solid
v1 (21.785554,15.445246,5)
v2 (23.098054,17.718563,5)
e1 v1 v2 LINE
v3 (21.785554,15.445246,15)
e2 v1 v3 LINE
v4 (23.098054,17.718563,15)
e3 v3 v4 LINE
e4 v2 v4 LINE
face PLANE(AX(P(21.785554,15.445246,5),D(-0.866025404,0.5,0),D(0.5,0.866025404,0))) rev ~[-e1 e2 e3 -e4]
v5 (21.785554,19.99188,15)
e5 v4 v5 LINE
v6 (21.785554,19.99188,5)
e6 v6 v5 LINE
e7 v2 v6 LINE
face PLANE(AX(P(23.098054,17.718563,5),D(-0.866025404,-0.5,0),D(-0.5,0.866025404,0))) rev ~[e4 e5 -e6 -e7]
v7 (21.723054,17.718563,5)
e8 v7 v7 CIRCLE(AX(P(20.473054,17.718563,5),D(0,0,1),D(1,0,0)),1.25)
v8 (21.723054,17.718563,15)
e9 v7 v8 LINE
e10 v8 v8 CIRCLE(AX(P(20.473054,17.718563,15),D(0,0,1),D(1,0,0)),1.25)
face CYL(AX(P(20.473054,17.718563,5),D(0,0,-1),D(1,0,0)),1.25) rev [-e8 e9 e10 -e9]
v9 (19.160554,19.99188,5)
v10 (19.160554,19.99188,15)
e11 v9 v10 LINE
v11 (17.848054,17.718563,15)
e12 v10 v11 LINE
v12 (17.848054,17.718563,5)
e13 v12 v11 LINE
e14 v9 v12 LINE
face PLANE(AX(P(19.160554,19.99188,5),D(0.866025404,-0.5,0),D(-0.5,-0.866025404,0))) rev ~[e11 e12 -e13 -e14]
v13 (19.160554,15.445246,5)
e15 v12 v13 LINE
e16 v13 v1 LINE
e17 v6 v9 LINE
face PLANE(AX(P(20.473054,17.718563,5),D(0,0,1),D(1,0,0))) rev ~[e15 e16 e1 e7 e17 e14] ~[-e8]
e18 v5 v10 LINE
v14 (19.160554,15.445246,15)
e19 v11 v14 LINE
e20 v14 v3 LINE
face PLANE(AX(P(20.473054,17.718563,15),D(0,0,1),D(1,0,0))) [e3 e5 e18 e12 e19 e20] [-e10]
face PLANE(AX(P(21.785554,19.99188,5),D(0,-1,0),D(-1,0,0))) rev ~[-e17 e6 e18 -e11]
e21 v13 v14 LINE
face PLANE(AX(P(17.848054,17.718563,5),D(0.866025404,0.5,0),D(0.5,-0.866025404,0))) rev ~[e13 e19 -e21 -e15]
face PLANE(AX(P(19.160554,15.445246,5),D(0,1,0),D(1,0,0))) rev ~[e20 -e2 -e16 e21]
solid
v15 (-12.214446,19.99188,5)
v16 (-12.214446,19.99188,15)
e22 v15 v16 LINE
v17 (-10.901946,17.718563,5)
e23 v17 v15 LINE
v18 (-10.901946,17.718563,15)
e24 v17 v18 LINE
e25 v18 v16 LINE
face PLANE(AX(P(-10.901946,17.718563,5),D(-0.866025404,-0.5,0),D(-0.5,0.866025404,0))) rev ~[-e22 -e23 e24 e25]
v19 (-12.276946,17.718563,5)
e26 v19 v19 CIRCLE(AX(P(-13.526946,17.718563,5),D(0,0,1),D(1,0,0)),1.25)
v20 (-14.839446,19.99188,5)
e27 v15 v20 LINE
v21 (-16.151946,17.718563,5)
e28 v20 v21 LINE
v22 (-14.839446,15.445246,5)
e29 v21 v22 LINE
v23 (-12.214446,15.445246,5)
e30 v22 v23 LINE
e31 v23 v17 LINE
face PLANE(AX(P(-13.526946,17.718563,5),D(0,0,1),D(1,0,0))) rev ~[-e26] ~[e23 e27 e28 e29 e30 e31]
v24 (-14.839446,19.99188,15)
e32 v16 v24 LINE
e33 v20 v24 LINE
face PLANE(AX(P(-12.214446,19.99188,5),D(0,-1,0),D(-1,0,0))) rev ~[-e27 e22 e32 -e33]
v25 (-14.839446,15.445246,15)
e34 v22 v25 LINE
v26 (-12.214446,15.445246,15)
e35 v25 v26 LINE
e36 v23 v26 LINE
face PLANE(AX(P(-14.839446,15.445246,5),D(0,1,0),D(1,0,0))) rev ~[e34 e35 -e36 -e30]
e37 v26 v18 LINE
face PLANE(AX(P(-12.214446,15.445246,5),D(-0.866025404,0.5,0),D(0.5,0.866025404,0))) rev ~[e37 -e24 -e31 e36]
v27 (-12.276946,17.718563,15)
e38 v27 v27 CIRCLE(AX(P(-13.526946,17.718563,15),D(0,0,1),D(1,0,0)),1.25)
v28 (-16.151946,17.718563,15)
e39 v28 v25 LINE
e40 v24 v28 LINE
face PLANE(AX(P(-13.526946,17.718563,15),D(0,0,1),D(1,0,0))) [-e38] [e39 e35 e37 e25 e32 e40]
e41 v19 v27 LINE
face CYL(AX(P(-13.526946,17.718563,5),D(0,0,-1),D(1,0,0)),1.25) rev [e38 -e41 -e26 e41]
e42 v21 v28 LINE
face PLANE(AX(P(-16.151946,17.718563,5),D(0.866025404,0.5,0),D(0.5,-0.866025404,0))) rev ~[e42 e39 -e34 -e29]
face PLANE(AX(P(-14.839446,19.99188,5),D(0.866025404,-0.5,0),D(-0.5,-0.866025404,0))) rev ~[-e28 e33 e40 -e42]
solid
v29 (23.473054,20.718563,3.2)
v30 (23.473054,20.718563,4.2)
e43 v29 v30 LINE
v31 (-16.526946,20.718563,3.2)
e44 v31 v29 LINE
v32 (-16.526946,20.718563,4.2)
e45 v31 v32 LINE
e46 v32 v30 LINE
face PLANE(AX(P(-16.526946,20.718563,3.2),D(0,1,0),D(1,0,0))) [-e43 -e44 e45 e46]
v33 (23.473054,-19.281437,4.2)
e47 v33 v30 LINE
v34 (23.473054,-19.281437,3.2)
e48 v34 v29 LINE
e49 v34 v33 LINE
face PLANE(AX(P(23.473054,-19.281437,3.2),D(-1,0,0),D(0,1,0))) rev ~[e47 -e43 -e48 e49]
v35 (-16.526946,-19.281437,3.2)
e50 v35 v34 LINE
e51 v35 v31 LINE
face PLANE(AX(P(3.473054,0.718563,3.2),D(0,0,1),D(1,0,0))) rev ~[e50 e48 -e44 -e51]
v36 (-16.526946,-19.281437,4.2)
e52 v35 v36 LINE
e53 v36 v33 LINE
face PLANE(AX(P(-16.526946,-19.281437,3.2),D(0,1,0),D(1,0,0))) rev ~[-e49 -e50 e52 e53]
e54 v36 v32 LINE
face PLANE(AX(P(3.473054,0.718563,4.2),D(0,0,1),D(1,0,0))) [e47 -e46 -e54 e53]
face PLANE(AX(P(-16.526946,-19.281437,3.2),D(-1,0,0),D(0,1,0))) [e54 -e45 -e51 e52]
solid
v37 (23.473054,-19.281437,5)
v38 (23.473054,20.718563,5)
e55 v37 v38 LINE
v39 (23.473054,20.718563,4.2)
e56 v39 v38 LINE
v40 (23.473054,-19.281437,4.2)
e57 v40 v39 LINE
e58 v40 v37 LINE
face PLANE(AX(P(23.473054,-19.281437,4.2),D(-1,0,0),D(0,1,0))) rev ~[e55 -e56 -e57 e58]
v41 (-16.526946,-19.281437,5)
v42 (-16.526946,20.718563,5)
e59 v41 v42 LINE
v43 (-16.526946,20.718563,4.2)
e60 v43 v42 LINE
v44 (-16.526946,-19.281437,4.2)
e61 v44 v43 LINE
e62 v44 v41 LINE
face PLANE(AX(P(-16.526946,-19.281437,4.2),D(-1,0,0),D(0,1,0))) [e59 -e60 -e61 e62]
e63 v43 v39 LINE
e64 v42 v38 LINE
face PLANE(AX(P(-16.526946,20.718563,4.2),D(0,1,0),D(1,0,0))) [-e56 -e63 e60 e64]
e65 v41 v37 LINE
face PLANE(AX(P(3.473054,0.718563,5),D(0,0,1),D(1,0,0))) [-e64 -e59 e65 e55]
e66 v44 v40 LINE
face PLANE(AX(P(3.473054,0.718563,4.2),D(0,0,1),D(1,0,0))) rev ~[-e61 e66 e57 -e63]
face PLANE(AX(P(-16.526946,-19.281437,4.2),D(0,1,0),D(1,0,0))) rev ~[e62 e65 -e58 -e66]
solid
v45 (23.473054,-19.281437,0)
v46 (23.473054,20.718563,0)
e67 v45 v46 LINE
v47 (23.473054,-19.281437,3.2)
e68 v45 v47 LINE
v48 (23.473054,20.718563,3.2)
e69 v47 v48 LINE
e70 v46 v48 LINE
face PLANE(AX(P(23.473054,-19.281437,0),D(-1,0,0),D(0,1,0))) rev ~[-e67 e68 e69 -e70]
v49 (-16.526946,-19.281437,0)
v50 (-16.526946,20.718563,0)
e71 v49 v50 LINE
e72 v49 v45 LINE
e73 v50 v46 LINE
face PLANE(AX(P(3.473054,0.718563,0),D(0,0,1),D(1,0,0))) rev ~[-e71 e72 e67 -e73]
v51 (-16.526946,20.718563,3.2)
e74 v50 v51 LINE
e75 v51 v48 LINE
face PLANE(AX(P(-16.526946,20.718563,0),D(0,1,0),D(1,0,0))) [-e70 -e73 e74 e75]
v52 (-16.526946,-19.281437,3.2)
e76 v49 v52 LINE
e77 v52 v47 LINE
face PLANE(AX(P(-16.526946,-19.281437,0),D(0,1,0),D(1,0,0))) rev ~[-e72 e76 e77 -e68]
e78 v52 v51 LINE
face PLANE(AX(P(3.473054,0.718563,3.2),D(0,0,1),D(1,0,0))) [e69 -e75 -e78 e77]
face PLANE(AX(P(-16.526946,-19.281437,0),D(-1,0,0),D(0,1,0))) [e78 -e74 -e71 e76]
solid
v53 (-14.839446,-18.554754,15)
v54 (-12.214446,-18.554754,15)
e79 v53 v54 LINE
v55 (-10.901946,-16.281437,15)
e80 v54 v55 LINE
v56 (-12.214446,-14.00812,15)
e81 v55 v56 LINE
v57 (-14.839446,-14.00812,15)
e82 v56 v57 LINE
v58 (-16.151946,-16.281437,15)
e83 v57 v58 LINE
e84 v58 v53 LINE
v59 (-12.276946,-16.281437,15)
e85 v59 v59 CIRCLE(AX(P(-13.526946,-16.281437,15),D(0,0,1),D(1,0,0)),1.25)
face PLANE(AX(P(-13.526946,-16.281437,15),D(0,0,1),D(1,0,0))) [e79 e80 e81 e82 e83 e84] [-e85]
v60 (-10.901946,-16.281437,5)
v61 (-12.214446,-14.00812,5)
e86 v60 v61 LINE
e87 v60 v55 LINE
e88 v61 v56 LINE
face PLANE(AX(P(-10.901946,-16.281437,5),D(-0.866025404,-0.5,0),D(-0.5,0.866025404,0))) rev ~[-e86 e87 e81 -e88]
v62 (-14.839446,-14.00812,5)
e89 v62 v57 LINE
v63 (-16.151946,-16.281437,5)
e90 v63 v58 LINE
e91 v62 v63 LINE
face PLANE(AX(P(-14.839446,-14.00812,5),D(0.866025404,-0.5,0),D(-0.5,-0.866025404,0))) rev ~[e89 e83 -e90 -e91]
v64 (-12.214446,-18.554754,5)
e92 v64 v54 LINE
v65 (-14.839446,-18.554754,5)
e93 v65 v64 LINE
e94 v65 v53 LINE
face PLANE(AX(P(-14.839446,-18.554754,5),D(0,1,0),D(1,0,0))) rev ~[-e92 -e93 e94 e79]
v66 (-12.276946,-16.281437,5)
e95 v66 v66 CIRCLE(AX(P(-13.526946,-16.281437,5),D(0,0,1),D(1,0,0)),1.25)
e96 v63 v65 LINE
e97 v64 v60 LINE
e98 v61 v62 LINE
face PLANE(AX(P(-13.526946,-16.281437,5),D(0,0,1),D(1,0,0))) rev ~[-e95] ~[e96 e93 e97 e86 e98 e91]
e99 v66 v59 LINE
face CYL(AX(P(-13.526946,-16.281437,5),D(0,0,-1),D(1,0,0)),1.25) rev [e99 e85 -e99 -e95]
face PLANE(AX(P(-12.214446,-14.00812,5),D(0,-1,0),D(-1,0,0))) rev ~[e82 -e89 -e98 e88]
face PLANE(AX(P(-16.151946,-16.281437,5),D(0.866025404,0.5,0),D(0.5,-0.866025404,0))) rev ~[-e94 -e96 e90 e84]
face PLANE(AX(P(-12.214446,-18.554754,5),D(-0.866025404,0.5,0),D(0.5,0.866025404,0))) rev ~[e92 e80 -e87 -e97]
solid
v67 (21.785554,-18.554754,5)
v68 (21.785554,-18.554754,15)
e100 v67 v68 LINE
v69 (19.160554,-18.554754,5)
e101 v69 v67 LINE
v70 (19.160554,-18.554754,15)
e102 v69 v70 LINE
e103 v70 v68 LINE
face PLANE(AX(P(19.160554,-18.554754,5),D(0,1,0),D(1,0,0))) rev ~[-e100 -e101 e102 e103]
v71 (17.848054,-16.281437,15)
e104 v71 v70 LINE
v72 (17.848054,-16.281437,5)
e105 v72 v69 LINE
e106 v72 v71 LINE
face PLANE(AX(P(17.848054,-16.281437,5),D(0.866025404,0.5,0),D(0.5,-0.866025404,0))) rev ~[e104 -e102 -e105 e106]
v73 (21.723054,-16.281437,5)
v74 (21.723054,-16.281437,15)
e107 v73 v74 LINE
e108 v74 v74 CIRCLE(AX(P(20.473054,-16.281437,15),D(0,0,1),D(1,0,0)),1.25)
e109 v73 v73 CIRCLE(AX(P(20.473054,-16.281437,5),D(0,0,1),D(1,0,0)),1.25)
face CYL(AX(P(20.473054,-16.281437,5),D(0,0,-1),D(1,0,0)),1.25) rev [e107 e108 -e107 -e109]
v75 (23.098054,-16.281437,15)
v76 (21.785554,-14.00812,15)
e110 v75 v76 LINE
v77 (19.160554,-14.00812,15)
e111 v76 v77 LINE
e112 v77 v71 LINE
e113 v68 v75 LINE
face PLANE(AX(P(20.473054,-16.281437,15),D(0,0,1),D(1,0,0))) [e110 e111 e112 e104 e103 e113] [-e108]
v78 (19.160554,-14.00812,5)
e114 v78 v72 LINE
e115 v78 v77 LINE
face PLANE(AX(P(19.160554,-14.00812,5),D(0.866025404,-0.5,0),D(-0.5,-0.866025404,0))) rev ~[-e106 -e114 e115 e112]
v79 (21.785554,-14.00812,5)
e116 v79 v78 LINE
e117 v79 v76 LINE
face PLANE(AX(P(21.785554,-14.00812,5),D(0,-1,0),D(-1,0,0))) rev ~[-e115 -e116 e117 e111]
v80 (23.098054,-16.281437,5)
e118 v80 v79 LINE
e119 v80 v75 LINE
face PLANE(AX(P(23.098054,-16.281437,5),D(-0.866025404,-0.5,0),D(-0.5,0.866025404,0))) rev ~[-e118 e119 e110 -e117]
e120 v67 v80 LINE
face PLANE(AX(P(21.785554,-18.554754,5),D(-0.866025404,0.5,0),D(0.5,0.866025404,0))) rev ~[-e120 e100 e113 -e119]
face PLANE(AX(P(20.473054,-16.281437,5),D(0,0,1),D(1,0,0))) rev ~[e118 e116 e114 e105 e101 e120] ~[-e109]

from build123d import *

# Parameters (mm, degrees)
SKETCH1_W             = 40
SKETCH1_H             = 40
BOSS_EXTRUDE1_DEPTH   = 3.2
SKETCH2_W             = 40
SKETCH2_H             = 40
BOSS_EXTRUDE2_DEPTH   = 1
SKETCH3_W             = 40
SKETCH3_H             = 40
BOSS_EXTRUDE3_DEPTH   = 0.8
SKETCH4_R             = 1.25
BOSS_EXTRUDE4_DEPTH   = 10
BOSS_EXTRUDE4_2_DEPTH = 10
BOSS_EXTRUDE4_3_DEPTH = 10
BOSS_EXTRUDE4_4_DEPTH = 10


with BuildPart() as part:
    # Sketch1 → Boss-Extrude1 (new body)
    with BuildSketch(Plane.XY):
        with Locations((3.473053892, 0.718562874)):
            Rectangle(SKETCH1_W, SKETCH1_H)
    extrude(amount=BOSS_EXTRUDE1_DEPTH)


with BuildPart() as body_2:
    # Sketch2 → Boss-Extrude2 (new body)
    with BuildSketch(Plane.XY.offset(3.2)):
        with Locations((3.473053892, 0.718562874)):
            Rectangle(SKETCH2_W, SKETCH2_H)
    extrude(amount=BOSS_EXTRUDE2_DEPTH)


with BuildPart() as body_3:
    # Sketch3 → Boss-Extrude3 (new body)
    with BuildSketch(Plane.XY.offset(4.2)):
        with Locations((3.473053892, 0.718562874)):
            Rectangle(SKETCH3_W, SKETCH3_H)
    extrude(amount=BOSS_EXTRUDE3_DEPTH)


with BuildPart() as body_4:
    # Sketch4 → Boss-Extrude4 (new body)
    with BuildSketch(Plane.XY.offset(5)):
        Polygon((-10.901946108, 17.718562874), (-12.214446108, 19.991879559), (-14.839446108, 19.991879559), (-16.151946108, 17.718562874), (-14.839446108, 15.445246189), (-12.214446108, 15.445246189), align=None)
        with Locations((-13.526946108, 17.718562874)):
            Circle(SKETCH4_R, mode=Mode.SUBTRACT)
    extrude(amount=BOSS_EXTRUDE4_DEPTH)


with BuildPart() as body_5:
    # Sketch4 → Boss-Extrude4 2 (new body)
    with BuildSketch(Plane.XY.offset(5)):
        Polygon((17.848053892, 17.718562874), (19.160553892, 15.445246189), (21.785553892, 15.445246189), (23.098053892, 17.718562874), (21.785553892, 19.991879559), (19.160553892, 19.991879559), align=None)
        with Locations((20.473053892, 17.718562874)):
            Circle(SKETCH4_R, mode=Mode.SUBTRACT)
    extrude(amount=BOSS_EXTRUDE4_2_DEPTH)


with BuildPart() as body_6:
    # Sketch4 → Boss-Extrude4 3 (new body)
    with BuildSketch(Plane.XY.offset(5)):
        Polygon((-10.901946108, -16.281437126), (-12.214446108, -14.008120441), (-14.839446108, -14.008120441), (-16.151946108, -16.281437126), (-14.839446108, -18.554753811), (-12.214446108, -18.554753811), align=None)
        with Locations((-13.526946108, -16.281437126)):
            Circle(SKETCH4_R, mode=Mode.SUBTRACT)
    extrude(amount=BOSS_EXTRUDE4_3_DEPTH)


with BuildPart() as body_7:
    # Sketch4 → Boss-Extrude4 4 (new body)
    with BuildSketch(Plane.XY.offset(5)):
        Polygon((23.098053892, -16.281437126), (21.785553892, -14.008120441), (19.160553892, -14.008120441), (17.848053892, -16.281437126), (19.160553892, -18.554753811), (21.785553892, -18.554753811), align=None)
        with Locations((20.473053892, -16.281437126)):
            Circle(SKETCH4_R, mode=Mode.SUBTRACT)
    extrude(amount=BOSS_EXTRUDE4_4_DEPTH)


solid = Compound([part.part, body_2.part, body_3.part, body_4.part, body_5.part, body_6.part, body_7.part])
